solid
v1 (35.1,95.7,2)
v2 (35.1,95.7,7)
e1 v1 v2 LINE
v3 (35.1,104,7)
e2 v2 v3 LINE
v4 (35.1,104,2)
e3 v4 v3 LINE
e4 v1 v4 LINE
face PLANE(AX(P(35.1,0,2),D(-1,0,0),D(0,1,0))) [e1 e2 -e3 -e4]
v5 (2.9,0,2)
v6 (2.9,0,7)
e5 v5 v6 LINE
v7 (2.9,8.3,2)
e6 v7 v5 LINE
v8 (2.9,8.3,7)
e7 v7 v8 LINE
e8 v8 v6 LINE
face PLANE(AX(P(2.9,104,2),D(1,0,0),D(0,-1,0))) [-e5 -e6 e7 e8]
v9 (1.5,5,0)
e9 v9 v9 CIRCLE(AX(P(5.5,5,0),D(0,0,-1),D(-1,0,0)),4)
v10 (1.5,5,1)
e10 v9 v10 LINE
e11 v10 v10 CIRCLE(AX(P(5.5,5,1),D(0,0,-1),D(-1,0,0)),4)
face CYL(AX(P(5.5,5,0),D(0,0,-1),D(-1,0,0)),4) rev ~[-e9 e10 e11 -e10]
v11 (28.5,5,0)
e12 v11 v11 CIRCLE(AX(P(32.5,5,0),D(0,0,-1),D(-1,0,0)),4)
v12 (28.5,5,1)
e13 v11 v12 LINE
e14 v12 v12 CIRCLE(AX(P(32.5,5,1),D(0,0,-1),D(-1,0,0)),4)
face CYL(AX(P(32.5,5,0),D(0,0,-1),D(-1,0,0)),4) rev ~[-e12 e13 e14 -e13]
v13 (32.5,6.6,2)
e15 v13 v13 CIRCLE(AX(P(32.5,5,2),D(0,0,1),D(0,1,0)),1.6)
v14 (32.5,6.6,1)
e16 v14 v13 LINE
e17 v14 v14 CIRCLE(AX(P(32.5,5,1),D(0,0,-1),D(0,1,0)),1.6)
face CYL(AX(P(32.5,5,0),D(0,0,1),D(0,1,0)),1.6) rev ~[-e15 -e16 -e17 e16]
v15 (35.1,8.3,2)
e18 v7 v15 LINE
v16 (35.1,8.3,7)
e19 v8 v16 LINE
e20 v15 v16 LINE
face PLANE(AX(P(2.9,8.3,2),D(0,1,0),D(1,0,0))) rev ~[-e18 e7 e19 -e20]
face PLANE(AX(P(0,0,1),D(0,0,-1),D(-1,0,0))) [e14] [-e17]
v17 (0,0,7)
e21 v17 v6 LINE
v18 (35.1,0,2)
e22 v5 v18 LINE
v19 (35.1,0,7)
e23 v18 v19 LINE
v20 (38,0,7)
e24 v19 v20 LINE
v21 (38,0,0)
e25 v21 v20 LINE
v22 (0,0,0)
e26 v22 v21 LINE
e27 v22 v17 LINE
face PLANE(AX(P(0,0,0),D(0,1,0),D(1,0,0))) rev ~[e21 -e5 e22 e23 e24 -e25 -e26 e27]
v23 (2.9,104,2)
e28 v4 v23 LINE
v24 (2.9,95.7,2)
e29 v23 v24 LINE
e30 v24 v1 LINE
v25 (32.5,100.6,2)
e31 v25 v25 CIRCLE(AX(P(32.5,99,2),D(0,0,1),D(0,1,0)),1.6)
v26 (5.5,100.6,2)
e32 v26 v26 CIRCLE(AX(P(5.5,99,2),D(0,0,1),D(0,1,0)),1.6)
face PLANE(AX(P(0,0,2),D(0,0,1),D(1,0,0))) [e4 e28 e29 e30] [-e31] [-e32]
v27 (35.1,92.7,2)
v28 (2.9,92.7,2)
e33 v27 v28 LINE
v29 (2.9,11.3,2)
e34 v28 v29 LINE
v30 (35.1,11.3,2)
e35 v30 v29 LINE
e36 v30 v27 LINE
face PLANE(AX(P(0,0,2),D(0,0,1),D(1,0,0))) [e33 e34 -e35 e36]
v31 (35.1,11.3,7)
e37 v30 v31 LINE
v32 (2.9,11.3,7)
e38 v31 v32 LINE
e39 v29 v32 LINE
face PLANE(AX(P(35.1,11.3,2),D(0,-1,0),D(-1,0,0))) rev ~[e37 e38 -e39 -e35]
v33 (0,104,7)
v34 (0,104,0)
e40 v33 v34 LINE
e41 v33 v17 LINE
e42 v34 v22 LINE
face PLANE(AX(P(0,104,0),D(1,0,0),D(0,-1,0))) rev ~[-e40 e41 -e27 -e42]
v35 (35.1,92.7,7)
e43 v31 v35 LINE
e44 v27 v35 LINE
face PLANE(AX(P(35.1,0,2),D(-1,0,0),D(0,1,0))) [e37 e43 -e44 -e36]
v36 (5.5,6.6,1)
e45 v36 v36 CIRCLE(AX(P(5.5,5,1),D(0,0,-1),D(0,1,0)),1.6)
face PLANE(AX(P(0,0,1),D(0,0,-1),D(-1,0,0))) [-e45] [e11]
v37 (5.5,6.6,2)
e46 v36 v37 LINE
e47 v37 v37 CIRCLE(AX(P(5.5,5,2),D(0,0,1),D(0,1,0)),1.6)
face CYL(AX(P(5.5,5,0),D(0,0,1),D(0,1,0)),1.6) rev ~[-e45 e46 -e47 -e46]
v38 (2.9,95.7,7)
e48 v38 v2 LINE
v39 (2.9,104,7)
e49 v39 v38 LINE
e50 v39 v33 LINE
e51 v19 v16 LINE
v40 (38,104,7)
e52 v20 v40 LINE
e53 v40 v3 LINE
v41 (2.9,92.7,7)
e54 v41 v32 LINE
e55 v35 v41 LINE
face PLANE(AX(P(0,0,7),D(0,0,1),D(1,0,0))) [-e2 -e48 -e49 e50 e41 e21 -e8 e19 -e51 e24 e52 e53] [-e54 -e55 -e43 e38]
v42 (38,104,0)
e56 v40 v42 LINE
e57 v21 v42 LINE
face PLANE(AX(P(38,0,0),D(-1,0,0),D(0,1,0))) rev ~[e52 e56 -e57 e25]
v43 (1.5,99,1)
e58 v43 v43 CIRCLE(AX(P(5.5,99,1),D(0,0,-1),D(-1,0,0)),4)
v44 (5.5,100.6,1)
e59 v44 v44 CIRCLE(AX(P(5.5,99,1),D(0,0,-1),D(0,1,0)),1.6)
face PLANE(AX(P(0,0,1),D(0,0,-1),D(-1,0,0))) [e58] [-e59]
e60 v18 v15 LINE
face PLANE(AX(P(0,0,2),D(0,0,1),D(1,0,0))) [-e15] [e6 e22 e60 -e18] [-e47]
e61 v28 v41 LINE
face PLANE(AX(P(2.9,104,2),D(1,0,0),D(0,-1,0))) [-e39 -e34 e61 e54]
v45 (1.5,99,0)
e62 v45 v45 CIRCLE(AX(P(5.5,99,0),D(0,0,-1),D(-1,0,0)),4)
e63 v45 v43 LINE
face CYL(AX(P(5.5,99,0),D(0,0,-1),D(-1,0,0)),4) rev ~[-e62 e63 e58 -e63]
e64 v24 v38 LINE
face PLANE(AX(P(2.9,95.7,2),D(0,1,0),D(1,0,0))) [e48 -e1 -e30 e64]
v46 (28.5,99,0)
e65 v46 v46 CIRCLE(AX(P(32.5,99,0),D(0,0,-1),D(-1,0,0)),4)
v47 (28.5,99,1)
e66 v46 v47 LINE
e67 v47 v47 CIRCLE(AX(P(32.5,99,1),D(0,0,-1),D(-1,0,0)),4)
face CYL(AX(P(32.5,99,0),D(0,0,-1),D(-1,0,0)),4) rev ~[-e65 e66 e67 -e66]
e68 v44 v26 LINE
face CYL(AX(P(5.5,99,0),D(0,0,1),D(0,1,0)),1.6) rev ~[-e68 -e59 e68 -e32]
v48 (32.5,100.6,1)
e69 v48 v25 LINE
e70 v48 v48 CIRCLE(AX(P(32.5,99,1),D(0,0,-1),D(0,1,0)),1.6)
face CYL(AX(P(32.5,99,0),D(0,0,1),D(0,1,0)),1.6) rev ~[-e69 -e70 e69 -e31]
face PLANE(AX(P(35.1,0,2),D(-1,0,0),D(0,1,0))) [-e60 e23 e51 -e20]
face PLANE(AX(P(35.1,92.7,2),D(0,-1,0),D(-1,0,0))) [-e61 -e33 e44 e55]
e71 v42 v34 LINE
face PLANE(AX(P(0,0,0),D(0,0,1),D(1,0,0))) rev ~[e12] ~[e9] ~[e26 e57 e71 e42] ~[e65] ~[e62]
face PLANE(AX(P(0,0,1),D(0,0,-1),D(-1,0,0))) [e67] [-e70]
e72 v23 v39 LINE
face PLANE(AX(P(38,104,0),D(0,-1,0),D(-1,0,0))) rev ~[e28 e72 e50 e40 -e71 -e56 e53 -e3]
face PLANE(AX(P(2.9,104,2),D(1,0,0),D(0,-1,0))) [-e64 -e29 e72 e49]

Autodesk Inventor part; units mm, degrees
ref_plane "YZ Plane" through (0, 0, 0) normal (1, 0, 0) x (0, 1, 0)
ref_plane "XZ Plane" through (0, 0, 0) normal (0, 1, 0) x (-1, 0, 0)
ref_plane "XY Plane" through (0, 0, 0) normal (0, 0, 1) x (1, 0, 0)
sketch "スケッチ1" plane through (0, 0, 0) normal (0, 0, 1) x (1, 0, 0)
  line L0 (0, 0) -> (38, 0)
  line L1 (38, 0) -> (38, 104)
  line L2 (38, 104) -> (0, 104)
  line L3 (0, 104) -> (0, 0)
  dimension "d0" = 38
  dimension "d1" = 104
extrude "押し出し1" add sketch "スケッチ1" along normal blind 2
sketch "スケッチ2" plane through (0, 0, 2) normal (0, 0, 1) x (1, 0, 0)
  line L0 (38, 104) -> (0, 104) projected
  line L1 (0, 0) -> (38, 0)
  line L2 (38, 0) -> (38, 104)
  line L3 (38, 104) -> (0, 104)
  line L4 (0, 104) -> (0, 0)
  line L5 (2.9, 0) -> (35.1, 0)
  line L6 (35.1, 0) -> (35.1, 104)
  line L7 (35.1, 104) -> (2.9, 104)
  line L8 (2.9, 104) -> (2.9, 0)
  point P0 (2.9, 0)
  dimension "d4" = 2.9
  dimension "d5" = 2.9
  dimension "d6" = 0
  dimension "d7" = 0
extrude "押し出し2" add sketch "スケッチ2" along normal blind 5 contours L2 L1 L6 L0 | L8 L1 L4 L0
sketch "スケッチ3" plane through (0, 0, 0) normal (0, 0, -1) x (-1, 0, 0)
  line L0 (-38, 104) -> (0, 104) projected
  line L1 (0, 0) -> (-38, 0) projected
  line L2 (-35.1, 0) -> (-35.1, 104) projected
  line L3 (-2.9, 104) -> (-2.9, 0) projected
  point P0 (-32.5, 99)
  point P1 (-5.5, 99)
  point P2 (-5.5, 5)
  point P3 (-32.5, 5)
  dimension "d10" = 5
  dimension "d11" = 5
  dimension "d12" = 5
  dimension "d13" = 5
  dimension "d14" = 27
  dimension "d15" = 2.6
  dimension "d16" = 27
  dimension "d17" = 2.6
hole "穴1" at (32.5, 99, 0) at (5.5, 99, 0) at (5.5, 5, 0) at (32.5, 5, 0) direction (0, 0, 1) diameter 3.2 end through all
sketch "スケッチ4" plane through (0, 0, 0) normal (0, 0, -1) x (-1, 0, 0)
  circle A0 centre (-32.5, 99) radius 1.6 projected
  circle A1 centre (-5.5, 99) radius 1.6 projected
  circle A2 centre (-32.5, 5) radius 1.6 projected
  line L0 (0, 104) -> (0, 0) projected
  line L1 (0, 0) -> (-38, 0) projected
  circle A3 centre (-32.5, 99) radius 4
  circle A4 centre (-5.5, 99) radius 4
  circle A5 centre (-32.5, 5) radius 4
  circle A6 centre (-5.5, 5) radius 1.6 projected
  circle A7 centre (-5.5, 5) radius 4
  point P0 (-5.5, 15)
  dimension "d25" = 5.5
  dimension "d26" = 15
  dimension "d27" = 8
  dimension "d28" = 8
  dimension "d29" = 8
  dimension "d30" = 8
extrude "押し出し3" cut sketch "スケッチ4" against normal blind 1
sketch "スケッチ5" plane through (0, 0, 2) normal (0, 0, 1) x (1, 0, 0)
  line L0 (2.9, 104) -> (2.9, 0) projected
  line L1 (35.1, 0) -> (35.1, 104) projected
  line L2 (2.9, 8.3) -> (35.1, 8.3)
  line L3 (35.1, 8.3) -> (35.1, 11.3)
  line L4 (35.1, 11.3) -> (2.9, 11.3)
  line L5 (2.9, 11.3) -> (2.9, 8.3)
  line L6 (2.9, 95.7) -> (35.1, 95.7)
  line L7 (35.1, 95.7) -> (35.1, 92.7)
  line L8 (35.1, 92.7) -> (2.9, 92.7)
  line L9 (2.9, 92.7) -> (2.9, 95.7)
  circle A0 centre (32.5, 5) radius 1.6 projected
  circle A1 centre (5.5, 5) radius 1.6 projected
  circle A2 centre (5.5, 99) radius 1.6 projected
  circle A3 centre (32.5, 99) radius 1.6 projected
  line L10 (2.9, 104) -> (2.9, 0) projected
  line L11 (2.9, 0) -> (35.1, 0) projected
  line L12 (35.1, 0) -> (35.1, 104) projected
  line L13 (35.1, 104) -> (2.9, 104) projected
  point P0 (0, 0)
  point P1 (2.9, 11.3)
  point P2 (2.9, 92.7)
  point P3 (2.9, 95.7)
  dimension "d33" = 3
  dimension "d34" = 3
  dimension "d35" = 3.3
  dimension "d36" = 3.3
extrude "押し出し4" add sketch "スケッチ5" along normal blind 5 contours L6 L1 L8 L0 | L4 L1 L2 L0
properties part number "robot-arm-frame"
